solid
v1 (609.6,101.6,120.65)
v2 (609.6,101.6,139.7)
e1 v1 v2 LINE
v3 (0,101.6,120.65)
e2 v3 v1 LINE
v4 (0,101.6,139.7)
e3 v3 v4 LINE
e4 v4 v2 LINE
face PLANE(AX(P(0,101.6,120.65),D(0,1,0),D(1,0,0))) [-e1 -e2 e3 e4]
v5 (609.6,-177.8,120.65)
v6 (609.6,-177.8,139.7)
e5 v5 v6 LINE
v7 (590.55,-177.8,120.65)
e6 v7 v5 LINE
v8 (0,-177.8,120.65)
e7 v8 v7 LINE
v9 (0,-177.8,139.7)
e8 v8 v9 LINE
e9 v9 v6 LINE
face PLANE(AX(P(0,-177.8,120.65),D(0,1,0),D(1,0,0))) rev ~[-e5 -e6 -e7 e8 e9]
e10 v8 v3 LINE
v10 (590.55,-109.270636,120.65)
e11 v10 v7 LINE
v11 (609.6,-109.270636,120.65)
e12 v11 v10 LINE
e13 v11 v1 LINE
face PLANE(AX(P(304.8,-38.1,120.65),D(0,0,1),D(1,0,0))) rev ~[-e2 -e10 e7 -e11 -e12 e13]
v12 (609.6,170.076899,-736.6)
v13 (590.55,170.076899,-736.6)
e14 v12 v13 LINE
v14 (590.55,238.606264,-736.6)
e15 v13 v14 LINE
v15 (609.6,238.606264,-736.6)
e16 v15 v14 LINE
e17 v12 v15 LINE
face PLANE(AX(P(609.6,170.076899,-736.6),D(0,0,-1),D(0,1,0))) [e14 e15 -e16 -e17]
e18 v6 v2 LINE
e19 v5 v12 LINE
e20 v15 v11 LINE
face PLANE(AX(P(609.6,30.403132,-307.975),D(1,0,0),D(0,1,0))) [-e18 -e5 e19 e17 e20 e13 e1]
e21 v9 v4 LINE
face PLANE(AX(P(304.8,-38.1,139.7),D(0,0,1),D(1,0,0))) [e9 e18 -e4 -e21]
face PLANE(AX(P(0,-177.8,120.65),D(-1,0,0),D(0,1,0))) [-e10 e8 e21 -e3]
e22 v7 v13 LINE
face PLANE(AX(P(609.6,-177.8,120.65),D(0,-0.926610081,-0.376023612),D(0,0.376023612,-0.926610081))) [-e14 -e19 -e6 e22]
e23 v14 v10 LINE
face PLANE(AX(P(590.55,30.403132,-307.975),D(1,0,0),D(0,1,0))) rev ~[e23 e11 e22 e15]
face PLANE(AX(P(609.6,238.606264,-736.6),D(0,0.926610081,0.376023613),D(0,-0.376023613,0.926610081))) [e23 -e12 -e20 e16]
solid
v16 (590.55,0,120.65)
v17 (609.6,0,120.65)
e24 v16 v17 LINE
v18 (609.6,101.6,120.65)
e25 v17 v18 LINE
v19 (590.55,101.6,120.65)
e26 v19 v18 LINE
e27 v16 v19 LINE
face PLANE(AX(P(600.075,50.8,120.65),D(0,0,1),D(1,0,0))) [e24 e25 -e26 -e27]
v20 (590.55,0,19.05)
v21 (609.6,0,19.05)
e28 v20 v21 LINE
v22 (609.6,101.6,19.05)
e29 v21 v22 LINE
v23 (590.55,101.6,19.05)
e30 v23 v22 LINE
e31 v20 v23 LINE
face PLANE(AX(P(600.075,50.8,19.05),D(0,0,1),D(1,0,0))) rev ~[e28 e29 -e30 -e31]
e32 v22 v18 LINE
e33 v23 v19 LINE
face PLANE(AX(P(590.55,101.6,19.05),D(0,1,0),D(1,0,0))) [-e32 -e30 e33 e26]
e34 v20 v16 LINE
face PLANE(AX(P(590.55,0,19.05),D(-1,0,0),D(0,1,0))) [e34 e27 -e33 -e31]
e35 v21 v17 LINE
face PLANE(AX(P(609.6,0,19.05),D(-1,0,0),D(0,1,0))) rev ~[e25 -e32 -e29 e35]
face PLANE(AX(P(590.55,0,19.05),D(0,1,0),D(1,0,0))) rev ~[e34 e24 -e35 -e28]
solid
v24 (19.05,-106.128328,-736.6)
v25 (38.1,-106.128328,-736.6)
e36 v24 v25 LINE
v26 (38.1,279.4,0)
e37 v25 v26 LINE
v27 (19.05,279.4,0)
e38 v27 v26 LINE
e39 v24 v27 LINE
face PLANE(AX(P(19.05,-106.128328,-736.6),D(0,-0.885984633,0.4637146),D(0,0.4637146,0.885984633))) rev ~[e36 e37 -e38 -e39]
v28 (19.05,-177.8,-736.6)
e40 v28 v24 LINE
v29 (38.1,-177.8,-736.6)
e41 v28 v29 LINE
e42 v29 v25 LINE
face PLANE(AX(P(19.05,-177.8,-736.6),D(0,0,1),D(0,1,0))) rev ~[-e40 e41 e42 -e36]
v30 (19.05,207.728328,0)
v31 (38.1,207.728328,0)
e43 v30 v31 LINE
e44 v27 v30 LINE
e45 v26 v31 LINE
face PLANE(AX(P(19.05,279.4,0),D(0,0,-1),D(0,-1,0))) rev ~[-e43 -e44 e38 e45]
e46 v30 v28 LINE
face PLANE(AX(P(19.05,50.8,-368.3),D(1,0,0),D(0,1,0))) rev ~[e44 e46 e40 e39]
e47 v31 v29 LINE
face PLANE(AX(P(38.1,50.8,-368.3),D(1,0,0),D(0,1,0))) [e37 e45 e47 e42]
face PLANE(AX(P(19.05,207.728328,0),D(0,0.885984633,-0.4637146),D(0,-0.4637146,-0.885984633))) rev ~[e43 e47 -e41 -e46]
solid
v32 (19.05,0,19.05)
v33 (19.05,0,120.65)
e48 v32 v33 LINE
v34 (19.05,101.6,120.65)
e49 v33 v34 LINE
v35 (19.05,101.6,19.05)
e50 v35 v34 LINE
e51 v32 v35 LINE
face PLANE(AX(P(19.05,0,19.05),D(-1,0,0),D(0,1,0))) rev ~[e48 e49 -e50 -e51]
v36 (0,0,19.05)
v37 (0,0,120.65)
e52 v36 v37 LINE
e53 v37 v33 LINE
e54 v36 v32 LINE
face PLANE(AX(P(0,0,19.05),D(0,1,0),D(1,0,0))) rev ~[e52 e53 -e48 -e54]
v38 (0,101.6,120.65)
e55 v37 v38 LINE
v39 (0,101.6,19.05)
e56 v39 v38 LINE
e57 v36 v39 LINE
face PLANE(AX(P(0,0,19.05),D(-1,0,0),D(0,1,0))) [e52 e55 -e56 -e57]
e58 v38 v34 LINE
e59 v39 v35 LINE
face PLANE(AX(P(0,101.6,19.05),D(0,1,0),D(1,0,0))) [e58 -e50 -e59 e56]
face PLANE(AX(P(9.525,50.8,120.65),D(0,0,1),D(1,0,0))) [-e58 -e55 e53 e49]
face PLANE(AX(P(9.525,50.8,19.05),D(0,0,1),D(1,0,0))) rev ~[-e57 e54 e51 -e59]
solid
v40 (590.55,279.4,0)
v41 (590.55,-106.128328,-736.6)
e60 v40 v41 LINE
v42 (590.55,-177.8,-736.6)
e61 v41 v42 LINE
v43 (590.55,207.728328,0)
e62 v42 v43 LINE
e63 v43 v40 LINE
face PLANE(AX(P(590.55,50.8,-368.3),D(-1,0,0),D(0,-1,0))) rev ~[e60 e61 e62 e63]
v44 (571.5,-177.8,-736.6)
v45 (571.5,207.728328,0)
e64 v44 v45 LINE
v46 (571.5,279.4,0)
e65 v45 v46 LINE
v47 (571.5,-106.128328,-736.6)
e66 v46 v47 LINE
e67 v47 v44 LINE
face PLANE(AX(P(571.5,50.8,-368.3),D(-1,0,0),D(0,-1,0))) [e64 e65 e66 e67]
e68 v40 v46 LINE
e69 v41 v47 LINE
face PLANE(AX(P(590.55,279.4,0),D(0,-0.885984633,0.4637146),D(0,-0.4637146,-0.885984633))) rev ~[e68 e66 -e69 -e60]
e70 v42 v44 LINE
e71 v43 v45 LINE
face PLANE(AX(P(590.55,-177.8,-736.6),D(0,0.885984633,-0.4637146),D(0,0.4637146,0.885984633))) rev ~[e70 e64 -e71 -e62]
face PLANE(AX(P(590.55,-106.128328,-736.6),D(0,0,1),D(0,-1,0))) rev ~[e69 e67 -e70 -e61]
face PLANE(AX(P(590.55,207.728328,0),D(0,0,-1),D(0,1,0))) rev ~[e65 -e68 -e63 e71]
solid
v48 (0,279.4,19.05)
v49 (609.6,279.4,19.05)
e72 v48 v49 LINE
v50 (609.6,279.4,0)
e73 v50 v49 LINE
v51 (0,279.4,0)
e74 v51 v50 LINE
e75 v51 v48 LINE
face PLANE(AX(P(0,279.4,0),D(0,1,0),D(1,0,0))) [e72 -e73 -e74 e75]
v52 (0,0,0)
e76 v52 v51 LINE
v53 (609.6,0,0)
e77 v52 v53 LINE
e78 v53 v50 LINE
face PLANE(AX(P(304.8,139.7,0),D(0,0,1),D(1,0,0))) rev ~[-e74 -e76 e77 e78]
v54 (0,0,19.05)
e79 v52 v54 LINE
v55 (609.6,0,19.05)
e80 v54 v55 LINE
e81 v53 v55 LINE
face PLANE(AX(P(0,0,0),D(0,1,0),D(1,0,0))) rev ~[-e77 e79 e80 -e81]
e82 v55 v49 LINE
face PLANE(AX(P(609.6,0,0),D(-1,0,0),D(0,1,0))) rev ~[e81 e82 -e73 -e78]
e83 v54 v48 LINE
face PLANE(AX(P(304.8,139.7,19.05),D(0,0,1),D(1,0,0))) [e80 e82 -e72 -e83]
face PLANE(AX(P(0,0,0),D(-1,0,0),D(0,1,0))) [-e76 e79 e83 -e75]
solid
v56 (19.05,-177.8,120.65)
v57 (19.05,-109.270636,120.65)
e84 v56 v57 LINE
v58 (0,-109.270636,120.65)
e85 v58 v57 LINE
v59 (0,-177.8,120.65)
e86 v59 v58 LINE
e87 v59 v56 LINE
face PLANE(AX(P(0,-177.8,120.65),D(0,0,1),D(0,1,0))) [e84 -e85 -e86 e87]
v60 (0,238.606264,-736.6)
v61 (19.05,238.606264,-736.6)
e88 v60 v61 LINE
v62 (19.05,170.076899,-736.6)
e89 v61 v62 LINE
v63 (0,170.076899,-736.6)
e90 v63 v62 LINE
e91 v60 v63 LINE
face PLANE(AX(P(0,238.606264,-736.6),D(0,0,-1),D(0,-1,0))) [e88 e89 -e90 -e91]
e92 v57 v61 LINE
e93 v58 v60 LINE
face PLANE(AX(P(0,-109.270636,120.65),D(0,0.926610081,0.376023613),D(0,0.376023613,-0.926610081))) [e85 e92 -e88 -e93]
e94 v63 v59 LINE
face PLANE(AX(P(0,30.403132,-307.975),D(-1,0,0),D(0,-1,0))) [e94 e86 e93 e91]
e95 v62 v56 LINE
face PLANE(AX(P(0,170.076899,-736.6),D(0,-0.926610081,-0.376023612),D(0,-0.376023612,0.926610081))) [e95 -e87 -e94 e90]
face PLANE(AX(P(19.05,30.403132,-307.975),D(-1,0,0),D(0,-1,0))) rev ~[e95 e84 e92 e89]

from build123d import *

# Parameters (mm, degrees)
F0_W      = 609.6
F0_H      = 279.4
F1_DEPTH  = 19.05
F3_W      = 609.6
F3_H      = 279.4
F4_DEPTH  = 19.05
F6_DEPTH  = 19.05
F8_DEPTH  = 19.05
F10_DEPTH = 19.05
F12_DEPTH = 19.05
F13_W     = 19.05
F13_H     = 101.6
F14_DEPTH = 101.6


with BuildPart() as f1:
    # F0 (on Top) → F1 (new body)
    with BuildSketch(Plane.XY):
        with Locations((304.8, 139.7)):
            Rectangle(F0_W, F0_H)
    extrude(amount=F1_DEPTH)


with BuildPart() as f4:
    # F3 (on offset) → F4 (new body)
    with BuildSketch(Plane.XY.offset(120.65)):
        with Locations((304.8, -38.1)):
            Rectangle(F3_W, F3_H)
    extrude(amount=F4_DEPTH)

    # F7 (on face) → F8 (join)
    with BuildSketch(Plane.YZ.offset(609.6)):
        Polygon((170.076899, -736.6), (238.606264, -736.6), (-109.270636, 120.65), (-177.8, 120.65), align=None)
    extrude(amount=-F8_DEPTH)


with BuildPart() as f6:
    # F5 (on face) → F6 (new body)
    with BuildSketch(Plane(origin=(0, 0, 0), x_dir=(0, -1, 0), z_dir=(-1, 0, 0))):
        Polygon((-170.076899, -736.6), (177.8, 120.65), (109.270636, 120.65), (-238.606264, -736.6), align=None)
    extrude(amount=-F6_DEPTH)


with BuildPart() as f10:
    # F9 (on face) → F10 (new body)
    with BuildSketch(Plane(origin=(590.55, 0, 0), x_dir=(0, -1, 0), z_dir=(-1, 0, 0))):
        Polygon((177.8, -736.6), (-207.728328, 0), (-279.4, 0), (106.128328, -736.6), align=None)
    extrude(amount=F10_DEPTH)


with BuildPart() as f12:
    # F11 (on face) → F12 (new body)
    with BuildSketch(Plane.YZ.offset(19.05)):
        Polygon((207.728328, 0), (-177.8, -736.6), (-106.128328, -736.6), (279.4, 0), align=None)
    extrude(amount=F12_DEPTH)


with BuildPart() as f14:
    # F13 (on face) → F14 (new body)
    with BuildSketch(Plane.XY.offset(19.05)):
        with Locations((9.525, 50.8)):
            Rectangle(F13_W, F13_H)
        with Locations((600.075, 50.8)):
            Rectangle(F13_W, F13_H)
    extrude(amount=F14_DEPTH)


solid = Compound([f1.part, f4.part, f6.part, f10.part, f12.part, f14.part])
